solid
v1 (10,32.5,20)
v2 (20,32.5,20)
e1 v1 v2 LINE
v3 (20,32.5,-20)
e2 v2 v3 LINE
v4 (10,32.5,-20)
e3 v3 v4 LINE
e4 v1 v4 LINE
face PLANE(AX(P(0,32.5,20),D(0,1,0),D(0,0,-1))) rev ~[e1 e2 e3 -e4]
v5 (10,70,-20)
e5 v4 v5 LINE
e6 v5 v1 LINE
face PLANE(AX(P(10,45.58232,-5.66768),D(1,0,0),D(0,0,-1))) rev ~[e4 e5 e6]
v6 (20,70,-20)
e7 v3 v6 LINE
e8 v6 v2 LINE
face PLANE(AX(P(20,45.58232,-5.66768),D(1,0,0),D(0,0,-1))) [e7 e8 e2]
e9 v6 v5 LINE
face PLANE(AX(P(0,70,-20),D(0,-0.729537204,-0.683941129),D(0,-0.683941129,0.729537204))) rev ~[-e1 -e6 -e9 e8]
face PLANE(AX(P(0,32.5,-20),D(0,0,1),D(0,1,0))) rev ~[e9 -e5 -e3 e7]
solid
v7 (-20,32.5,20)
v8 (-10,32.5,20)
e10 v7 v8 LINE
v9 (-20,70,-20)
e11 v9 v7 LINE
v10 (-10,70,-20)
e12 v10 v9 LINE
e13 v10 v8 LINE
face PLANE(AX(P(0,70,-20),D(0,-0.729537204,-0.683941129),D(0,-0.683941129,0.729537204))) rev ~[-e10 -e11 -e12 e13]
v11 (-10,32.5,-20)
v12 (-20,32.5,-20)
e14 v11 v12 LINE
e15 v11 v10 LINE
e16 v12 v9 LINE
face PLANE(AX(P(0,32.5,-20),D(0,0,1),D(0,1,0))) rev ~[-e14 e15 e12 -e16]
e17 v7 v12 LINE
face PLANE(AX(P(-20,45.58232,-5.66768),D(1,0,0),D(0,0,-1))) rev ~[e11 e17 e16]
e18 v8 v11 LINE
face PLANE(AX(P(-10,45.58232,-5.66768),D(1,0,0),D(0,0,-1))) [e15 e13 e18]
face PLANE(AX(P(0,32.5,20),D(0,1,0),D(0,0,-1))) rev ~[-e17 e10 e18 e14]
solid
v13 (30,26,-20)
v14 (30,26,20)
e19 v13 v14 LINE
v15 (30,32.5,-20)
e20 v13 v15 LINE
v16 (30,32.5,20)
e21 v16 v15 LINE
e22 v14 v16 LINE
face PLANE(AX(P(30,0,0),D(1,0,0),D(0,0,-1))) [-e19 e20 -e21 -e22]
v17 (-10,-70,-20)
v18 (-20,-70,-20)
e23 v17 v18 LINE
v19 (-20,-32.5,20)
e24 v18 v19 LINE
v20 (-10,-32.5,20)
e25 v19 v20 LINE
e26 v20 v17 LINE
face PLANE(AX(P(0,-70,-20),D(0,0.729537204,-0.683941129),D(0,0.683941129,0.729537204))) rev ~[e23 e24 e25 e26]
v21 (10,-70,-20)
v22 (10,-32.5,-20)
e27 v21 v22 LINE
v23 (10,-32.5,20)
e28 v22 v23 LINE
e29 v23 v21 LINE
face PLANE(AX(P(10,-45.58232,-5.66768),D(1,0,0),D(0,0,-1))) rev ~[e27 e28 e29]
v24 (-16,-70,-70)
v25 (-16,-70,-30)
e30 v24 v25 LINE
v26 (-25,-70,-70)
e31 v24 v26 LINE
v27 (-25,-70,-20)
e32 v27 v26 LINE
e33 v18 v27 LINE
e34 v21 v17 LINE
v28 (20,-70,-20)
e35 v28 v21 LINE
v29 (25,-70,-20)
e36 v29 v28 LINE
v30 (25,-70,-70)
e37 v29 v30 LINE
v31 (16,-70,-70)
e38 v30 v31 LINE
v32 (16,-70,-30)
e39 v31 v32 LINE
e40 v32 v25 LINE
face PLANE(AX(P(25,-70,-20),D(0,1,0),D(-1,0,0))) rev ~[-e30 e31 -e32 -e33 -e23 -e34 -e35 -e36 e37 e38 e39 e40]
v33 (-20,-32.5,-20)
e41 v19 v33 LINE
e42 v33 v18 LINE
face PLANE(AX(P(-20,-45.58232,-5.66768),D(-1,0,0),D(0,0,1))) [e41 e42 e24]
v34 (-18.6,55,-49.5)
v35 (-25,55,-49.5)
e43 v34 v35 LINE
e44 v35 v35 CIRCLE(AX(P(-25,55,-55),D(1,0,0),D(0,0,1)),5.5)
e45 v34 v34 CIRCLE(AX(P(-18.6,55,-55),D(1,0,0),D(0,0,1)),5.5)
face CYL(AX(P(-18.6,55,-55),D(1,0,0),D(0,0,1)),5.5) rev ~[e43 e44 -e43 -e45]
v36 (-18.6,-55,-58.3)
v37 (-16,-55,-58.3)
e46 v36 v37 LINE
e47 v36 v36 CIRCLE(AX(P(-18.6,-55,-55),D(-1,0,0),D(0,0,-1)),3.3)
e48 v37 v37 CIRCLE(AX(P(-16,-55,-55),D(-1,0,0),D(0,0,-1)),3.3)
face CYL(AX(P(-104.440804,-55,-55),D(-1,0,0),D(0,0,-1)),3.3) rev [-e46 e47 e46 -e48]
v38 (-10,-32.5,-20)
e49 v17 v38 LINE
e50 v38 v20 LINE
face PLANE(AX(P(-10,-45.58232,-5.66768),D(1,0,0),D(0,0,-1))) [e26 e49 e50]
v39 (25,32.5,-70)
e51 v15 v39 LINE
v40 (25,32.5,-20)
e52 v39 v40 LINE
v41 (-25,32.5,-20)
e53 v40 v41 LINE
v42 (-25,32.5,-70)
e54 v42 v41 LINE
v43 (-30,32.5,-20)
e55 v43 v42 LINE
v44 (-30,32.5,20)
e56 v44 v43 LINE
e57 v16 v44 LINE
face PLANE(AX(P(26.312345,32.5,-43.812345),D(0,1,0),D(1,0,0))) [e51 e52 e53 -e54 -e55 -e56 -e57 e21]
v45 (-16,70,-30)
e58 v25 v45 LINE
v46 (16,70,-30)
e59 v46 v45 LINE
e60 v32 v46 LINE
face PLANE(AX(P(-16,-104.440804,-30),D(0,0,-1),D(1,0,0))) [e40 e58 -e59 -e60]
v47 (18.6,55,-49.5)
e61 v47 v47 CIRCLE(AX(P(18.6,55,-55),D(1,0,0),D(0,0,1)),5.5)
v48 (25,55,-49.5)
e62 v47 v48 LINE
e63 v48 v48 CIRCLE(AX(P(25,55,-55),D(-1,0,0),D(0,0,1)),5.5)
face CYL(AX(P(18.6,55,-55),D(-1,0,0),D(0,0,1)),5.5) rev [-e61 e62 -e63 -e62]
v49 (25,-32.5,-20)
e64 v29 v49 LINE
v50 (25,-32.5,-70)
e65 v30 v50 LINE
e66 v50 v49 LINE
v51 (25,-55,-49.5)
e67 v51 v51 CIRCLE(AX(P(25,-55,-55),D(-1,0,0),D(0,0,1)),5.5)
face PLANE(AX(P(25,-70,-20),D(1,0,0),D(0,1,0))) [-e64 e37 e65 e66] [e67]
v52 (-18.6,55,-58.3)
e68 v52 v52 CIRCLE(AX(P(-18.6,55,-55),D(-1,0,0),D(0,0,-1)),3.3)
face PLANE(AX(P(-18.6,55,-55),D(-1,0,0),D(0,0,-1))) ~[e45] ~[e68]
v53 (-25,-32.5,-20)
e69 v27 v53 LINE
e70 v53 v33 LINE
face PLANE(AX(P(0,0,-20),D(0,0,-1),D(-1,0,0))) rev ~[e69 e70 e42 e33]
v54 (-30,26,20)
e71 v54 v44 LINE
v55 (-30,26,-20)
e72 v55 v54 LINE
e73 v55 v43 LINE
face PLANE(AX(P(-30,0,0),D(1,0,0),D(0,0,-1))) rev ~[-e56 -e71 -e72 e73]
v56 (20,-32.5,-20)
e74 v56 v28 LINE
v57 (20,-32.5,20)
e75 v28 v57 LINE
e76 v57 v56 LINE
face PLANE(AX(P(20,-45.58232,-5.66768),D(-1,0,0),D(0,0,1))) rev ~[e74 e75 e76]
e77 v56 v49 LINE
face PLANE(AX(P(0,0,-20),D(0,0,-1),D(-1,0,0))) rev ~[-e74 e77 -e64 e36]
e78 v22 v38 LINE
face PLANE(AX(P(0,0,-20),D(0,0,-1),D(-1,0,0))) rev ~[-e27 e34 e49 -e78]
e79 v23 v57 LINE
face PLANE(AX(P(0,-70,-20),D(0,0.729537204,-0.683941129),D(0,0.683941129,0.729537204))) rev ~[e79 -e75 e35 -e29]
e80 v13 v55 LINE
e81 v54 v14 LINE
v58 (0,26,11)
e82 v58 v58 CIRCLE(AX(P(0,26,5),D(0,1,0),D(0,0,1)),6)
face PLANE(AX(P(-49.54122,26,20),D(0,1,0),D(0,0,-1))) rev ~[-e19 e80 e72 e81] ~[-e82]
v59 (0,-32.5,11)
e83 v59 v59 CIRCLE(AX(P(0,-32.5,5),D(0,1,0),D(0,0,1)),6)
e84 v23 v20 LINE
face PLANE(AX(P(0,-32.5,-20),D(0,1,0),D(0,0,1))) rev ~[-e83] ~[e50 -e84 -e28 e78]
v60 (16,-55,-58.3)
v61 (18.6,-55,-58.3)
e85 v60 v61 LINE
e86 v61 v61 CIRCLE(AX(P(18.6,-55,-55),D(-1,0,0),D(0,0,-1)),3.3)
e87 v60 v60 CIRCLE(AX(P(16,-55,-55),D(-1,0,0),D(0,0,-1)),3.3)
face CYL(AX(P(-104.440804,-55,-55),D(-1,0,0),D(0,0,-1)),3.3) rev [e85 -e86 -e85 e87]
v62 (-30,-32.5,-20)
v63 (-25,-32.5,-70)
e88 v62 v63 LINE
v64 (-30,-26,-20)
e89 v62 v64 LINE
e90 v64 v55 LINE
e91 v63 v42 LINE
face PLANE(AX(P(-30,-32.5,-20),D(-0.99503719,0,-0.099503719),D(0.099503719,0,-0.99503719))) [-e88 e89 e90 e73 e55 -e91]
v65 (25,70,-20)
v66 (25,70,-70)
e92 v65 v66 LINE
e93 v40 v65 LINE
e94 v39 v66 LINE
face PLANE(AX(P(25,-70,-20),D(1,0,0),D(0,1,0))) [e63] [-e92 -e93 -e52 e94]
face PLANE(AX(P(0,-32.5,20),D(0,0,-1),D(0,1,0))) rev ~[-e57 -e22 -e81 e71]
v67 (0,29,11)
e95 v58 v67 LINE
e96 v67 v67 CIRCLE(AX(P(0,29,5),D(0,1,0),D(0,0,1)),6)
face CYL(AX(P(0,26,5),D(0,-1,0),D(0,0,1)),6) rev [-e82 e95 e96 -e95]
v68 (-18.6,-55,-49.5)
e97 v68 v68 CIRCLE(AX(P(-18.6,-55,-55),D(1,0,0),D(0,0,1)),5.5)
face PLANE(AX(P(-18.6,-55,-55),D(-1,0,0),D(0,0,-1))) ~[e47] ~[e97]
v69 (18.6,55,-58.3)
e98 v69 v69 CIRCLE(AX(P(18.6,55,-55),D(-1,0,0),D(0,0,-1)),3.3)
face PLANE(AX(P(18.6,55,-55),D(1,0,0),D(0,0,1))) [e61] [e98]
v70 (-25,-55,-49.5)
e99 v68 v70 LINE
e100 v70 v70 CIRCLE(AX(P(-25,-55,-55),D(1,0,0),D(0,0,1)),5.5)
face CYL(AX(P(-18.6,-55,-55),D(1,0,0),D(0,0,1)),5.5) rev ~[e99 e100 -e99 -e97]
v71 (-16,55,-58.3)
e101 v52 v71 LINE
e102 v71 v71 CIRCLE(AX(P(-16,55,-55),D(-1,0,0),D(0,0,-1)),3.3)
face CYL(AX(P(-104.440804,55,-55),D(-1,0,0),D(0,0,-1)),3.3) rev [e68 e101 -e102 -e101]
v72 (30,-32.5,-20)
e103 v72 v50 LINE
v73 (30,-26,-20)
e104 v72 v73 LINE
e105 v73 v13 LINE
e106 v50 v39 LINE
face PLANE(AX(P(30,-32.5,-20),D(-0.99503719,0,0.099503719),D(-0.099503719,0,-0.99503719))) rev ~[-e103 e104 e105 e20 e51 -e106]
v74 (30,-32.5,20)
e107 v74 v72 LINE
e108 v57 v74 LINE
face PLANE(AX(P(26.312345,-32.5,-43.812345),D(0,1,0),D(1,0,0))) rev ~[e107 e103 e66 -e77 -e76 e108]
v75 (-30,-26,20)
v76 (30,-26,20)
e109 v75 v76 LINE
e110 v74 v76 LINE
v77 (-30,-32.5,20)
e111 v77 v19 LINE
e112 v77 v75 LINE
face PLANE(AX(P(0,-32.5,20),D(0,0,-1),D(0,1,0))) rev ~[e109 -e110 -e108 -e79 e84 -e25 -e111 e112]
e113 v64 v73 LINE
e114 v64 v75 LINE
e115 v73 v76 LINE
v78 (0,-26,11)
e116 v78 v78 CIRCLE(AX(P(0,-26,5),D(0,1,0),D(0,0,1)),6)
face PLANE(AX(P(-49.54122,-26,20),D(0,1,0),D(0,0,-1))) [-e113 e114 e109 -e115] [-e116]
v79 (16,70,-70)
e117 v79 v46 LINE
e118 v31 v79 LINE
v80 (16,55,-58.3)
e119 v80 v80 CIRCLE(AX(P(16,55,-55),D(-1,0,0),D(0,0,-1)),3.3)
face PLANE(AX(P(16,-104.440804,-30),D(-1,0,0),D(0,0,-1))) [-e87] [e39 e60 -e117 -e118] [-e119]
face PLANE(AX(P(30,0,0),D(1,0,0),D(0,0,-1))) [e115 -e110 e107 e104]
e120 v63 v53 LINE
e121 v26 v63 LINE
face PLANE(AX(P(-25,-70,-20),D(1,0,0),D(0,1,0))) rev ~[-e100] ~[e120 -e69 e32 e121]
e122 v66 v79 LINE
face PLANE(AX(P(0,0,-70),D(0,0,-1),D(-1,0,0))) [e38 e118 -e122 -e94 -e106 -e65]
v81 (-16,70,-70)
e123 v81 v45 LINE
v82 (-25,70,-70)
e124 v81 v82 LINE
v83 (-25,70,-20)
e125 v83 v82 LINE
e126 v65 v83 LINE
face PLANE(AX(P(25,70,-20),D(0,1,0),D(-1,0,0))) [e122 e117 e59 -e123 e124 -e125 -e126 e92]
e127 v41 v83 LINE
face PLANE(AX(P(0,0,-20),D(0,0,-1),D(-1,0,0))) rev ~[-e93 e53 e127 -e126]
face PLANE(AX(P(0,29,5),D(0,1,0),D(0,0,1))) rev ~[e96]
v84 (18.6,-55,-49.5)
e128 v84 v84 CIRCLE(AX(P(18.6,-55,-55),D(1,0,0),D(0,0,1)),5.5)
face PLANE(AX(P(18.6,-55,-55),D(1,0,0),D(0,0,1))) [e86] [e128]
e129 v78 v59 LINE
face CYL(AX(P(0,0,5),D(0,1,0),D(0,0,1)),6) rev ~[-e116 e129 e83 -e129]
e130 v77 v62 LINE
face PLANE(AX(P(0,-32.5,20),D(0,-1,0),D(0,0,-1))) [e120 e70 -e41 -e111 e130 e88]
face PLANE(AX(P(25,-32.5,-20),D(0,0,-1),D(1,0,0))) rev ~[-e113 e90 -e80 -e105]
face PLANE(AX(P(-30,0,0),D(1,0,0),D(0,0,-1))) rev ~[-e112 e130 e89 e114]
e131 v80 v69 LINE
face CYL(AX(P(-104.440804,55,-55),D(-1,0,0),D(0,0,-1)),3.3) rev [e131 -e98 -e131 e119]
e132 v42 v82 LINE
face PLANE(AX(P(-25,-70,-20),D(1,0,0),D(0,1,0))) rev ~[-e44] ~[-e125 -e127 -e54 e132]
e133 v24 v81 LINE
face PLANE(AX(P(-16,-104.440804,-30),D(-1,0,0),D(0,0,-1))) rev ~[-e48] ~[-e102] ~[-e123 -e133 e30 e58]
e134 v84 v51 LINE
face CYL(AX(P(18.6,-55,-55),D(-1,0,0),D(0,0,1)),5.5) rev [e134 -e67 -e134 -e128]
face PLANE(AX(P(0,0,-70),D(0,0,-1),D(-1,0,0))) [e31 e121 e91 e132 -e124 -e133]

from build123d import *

# Parameters (mm, degrees)
SKETCH1_W               = 40
SKETCH1_H               = 65
BOSS_EXTRUDE1_DEPTH     = 30
CUT_EXTRUDE1_DEPTH      = 49.541219597
CUT_EXTRUDE1_DEPTH_BACK = 49.541219597
SKETCH2_W               = 40
SKETCH2_H               = 52
SKETCH3_R               = 6
CUT_EXTRUDE2_DEPTH      = 32.5
SKETCH4_W               = 50
SKETCH4_H               = 140
BOSS_EXTRUDE2_DEPTH     = 50
BOSS_EXTRUDE3_DEPTH     = 20
CUT_EXTRUDE3_DEPTH      = 10
CUT_EXTRUDE4_DEPTH      = 104.440804328
CUT_EXTRUDE4_DEPTH_BACK = 104.440804328
SKETCH10_W              = 32
SKETCH10_H              = 40
CUT_EXTRUDE5_DEPTH      = 104.440804328
CUT_EXTRUDE5_DEPTH_BACK = 104.440804328
SKETCH11_R              = 3.3
CUT_EXTRUDE6_START      = -6.4
SKETCH12_R              = 5.5
CUT_EXTRUDE6_DEPTH      = 120.647516529
SKETCH13_R              = 6
CUT_EXTRUDE7_DEPTH      = 3
BOSS_EXTRUDE4_START     = -32.5
BOSS_EXTRUDE4_DEPTH     = 65


with BuildPart() as part:
    # Sketch1 → Boss-Extrude1 (new, symmetric)
    with BuildSketch(Plane(origin=(0, 0, 0), x_dir=(0, 0, -1), z_dir=(1, 0, 0))):
        Rectangle(SKETCH1_W, SKETCH1_H)
    extrude(amount=BOSS_EXTRUDE1_DEPTH, both=True)

    # Sketch2 → Cut-Extrude1 (cut, two sides: drawn at the far end of the back side and taken through both)
    with BuildSketch(Plane(origin=(0, 0, 0), x_dir=(0, 0, -1), z_dir=(1, 0, 0)).offset(-CUT_EXTRUDE1_DEPTH_BACK)):
        Rectangle(SKETCH2_W, SKETCH2_H)
    extrude(amount=CUT_EXTRUDE1_DEPTH + CUT_EXTRUDE1_DEPTH_BACK, mode=Mode.SUBTRACT)


with BuildPart() as cut_extrude1_piece_1:
    # of the separate pieces the step leaves, piece 1, a body of its own (cut_extrude1_pieces)
    add(part.part.solids().sort_by_distance((-30, -32.5, 20))[0])

    # Sketch3 → Cut-Extrude2 (cut)
    with BuildSketch(Plane(origin=(0, 0, 0), x_dir=(1, 0, 0), z_dir=(0, 1, 0))):
        with Locations(Location((0, -5, 0), (0, 0, 270))):
            Circle(SKETCH3_R)
    extrude(amount=-CUT_EXTRUDE2_DEPTH, mode=Mode.SUBTRACT)

    # Sketch8 → Boss-Extrude3 (add, symmetric)
    with BuildSketch(Plane(origin=(0, 0, 0), x_dir=(0, 0, -1), z_dir=(1, 0, 0))):
        Polygon((20, 70), (-20, 32.5), (20, 32.5), align=None)
        Polygon((20, -32.5), (20, -70), (-20, -32.5), align=None)
    extrude(amount=BOSS_EXTRUDE3_DEPTH, both=True)


with BuildPart() as cut_extrude1_piece_2:
    # of the separate pieces the step leaves, piece 2, a body of its own (cut_extrude1_pieces)
    add(part.part.solids().sort_by_distance((-30, 32.5, 20))[0])

    # Sketch4 → Boss-Extrude2 (add)
    with BuildSketch(Plane(origin=(0, 0, -20), x_dir=(-1, 0, 0), z_dir=(0, 0, -1))):
        Rectangle(SKETCH4_W, SKETCH4_H)
    extrude(amount=BOSS_EXTRUDE2_DEPTH)

    # Sketch10 → Cut-Extrude4 (cut, two sides: drawn at the far end of the back side and taken through both)
    with BuildSketch(Plane(origin=(0, 0, 0), x_dir=(1, 0, 0), z_dir=(0, 1, 0)).offset(-CUT_EXTRUDE4_DEPTH_BACK)):
        with Locations((0, 50)):
            Rectangle(SKETCH10_W, SKETCH10_H)
    extrude(amount=CUT_EXTRUDE4_DEPTH + CUT_EXTRUDE4_DEPTH_BACK, mode=Mode.SUBTRACT)

    # Sketch11 → Cut-Extrude5 (cut, two sides: drawn at the far end of the back side and taken through both)
    with BuildSketch(Plane(origin=(0, 0, 0), x_dir=(0, 0, -1), z_dir=(1, 0, 0)).offset(-CUT_EXTRUDE5_DEPTH_BACK)):
        with Locations((55, 55)):
            Circle(SKETCH11_R)
        with Locations((55, -55)):
            Circle(SKETCH11_R)
    extrude(amount=CUT_EXTRUDE5_DEPTH + CUT_EXTRUDE5_DEPTH_BACK, mode=Mode.SUBTRACT)

    # Sketch12 → Cut-Extrude6 (cut)
    with BuildSketch(Plane(origin=(25, 0, 0), x_dir=(0, 0, -1), z_dir=(1, 0, 0)).offset(CUT_EXTRUDE6_START)):
        with Locations(Location((55, 55, 0), (0, 0, 180))):
            Circle(SKETCH12_R)
        with Locations(Location((55, -55, 0), (0, 0, 180))):
            Circle(SKETCH12_R)
    cut_extrude6 = extrude(amount=CUT_EXTRUDE6_DEPTH, mode=Mode.SUBTRACT)

    # Mirror1: Cut-Extrude6 across plane
    add(cut_extrude6.mirror(Plane(origin=(0, 0, 0), x_dir=(0, 0, 1), z_dir=(1, 0, 0))), mode=Mode.SUBTRACT)

    # Sketch13 → Cut-Extrude7 (cut)
    with BuildSketch(Plane(origin=(0, 26, 0), x_dir=(1, 0, 0), z_dir=(0, 1, 0))):
        with Locations(Location((0, -5, 0), (0, 0, 270))):
            Circle(SKETCH13_R)
    extrude(amount=CUT_EXTRUDE7_DEPTH, mode=Mode.SUBTRACT)



with BuildPart() as boss_extrude3_piece_1:
    # of the separate pieces the step leaves, piece 1, a body of its own (boss_extrude3_pieces)
    add(cut_extrude1_piece_1.part.solids().sort_by_distance((-20, -32.5, 20))[0])


with BuildPart() as boss_extrude3_piece_2:
    # of the separate pieces the step leaves, piece 2, a body of its own (boss_extrude3_pieces)
    add(cut_extrude1_piece_1.part.solids().sort_by_distance((-20, 70, -20))[0])


with BuildPart() as cut_extrude3_tool:
    # Sketch9 → Cut-Extrude3 (new, symmetric)
    with BuildSketch(Plane(origin=(0, 0, 0), x_dir=(0, 0, -1), z_dir=(1, 0, 0))):
        Polygon((20, 70), (-20, 32.5), (20, 32.5), align=None)
        Polygon((-20, -32.5), (20, -70), (20, -32.5), align=None)
    extrude(amount=CUT_EXTRUDE3_DEPTH, both=True)


with BuildPart() as boss_extrude3_piece_1_1:
    add(boss_extrude3_piece_1.part)

    # Cut-Extrude3: cut by cut_extrude3_tool
    add(cut_extrude3_tool.part, mode=Mode.SUBTRACT)


with BuildPart() as boss_extrude3_piece_2_1:
    add(boss_extrude3_piece_2.part)

    # Cut-Extrude3: cut by cut_extrude3_tool
    add(cut_extrude3_tool.part, mode=Mode.SUBTRACT)


with BuildPart() as cut_extrude1_piece_2_1:
    add(cut_extrude1_piece_2.part)

    add(boss_extrude3_piece_1_1.part)  # Boss-Extrude4 merges Boss-Extrude3 piece 1
    # Sketch15 → Boss-Extrude4 (add)
    with BuildSketch(Plane(origin=(0, 0, 0), x_dir=(1, 0, 0), z_dir=(0, 1, 0)).offset(BOSS_EXTRUDE4_START)):
        Polygon((30, 20), (25, 70), (25, 20), align=None)
        Polygon((-25, 20), (-30, 20), (-25, 70), align=None)
    extrude(amount=BOSS_EXTRUDE4_DEPTH)


solid = Compound([boss_extrude3_piece_2_1.part, cut_extrude1_piece_2_1.part])
